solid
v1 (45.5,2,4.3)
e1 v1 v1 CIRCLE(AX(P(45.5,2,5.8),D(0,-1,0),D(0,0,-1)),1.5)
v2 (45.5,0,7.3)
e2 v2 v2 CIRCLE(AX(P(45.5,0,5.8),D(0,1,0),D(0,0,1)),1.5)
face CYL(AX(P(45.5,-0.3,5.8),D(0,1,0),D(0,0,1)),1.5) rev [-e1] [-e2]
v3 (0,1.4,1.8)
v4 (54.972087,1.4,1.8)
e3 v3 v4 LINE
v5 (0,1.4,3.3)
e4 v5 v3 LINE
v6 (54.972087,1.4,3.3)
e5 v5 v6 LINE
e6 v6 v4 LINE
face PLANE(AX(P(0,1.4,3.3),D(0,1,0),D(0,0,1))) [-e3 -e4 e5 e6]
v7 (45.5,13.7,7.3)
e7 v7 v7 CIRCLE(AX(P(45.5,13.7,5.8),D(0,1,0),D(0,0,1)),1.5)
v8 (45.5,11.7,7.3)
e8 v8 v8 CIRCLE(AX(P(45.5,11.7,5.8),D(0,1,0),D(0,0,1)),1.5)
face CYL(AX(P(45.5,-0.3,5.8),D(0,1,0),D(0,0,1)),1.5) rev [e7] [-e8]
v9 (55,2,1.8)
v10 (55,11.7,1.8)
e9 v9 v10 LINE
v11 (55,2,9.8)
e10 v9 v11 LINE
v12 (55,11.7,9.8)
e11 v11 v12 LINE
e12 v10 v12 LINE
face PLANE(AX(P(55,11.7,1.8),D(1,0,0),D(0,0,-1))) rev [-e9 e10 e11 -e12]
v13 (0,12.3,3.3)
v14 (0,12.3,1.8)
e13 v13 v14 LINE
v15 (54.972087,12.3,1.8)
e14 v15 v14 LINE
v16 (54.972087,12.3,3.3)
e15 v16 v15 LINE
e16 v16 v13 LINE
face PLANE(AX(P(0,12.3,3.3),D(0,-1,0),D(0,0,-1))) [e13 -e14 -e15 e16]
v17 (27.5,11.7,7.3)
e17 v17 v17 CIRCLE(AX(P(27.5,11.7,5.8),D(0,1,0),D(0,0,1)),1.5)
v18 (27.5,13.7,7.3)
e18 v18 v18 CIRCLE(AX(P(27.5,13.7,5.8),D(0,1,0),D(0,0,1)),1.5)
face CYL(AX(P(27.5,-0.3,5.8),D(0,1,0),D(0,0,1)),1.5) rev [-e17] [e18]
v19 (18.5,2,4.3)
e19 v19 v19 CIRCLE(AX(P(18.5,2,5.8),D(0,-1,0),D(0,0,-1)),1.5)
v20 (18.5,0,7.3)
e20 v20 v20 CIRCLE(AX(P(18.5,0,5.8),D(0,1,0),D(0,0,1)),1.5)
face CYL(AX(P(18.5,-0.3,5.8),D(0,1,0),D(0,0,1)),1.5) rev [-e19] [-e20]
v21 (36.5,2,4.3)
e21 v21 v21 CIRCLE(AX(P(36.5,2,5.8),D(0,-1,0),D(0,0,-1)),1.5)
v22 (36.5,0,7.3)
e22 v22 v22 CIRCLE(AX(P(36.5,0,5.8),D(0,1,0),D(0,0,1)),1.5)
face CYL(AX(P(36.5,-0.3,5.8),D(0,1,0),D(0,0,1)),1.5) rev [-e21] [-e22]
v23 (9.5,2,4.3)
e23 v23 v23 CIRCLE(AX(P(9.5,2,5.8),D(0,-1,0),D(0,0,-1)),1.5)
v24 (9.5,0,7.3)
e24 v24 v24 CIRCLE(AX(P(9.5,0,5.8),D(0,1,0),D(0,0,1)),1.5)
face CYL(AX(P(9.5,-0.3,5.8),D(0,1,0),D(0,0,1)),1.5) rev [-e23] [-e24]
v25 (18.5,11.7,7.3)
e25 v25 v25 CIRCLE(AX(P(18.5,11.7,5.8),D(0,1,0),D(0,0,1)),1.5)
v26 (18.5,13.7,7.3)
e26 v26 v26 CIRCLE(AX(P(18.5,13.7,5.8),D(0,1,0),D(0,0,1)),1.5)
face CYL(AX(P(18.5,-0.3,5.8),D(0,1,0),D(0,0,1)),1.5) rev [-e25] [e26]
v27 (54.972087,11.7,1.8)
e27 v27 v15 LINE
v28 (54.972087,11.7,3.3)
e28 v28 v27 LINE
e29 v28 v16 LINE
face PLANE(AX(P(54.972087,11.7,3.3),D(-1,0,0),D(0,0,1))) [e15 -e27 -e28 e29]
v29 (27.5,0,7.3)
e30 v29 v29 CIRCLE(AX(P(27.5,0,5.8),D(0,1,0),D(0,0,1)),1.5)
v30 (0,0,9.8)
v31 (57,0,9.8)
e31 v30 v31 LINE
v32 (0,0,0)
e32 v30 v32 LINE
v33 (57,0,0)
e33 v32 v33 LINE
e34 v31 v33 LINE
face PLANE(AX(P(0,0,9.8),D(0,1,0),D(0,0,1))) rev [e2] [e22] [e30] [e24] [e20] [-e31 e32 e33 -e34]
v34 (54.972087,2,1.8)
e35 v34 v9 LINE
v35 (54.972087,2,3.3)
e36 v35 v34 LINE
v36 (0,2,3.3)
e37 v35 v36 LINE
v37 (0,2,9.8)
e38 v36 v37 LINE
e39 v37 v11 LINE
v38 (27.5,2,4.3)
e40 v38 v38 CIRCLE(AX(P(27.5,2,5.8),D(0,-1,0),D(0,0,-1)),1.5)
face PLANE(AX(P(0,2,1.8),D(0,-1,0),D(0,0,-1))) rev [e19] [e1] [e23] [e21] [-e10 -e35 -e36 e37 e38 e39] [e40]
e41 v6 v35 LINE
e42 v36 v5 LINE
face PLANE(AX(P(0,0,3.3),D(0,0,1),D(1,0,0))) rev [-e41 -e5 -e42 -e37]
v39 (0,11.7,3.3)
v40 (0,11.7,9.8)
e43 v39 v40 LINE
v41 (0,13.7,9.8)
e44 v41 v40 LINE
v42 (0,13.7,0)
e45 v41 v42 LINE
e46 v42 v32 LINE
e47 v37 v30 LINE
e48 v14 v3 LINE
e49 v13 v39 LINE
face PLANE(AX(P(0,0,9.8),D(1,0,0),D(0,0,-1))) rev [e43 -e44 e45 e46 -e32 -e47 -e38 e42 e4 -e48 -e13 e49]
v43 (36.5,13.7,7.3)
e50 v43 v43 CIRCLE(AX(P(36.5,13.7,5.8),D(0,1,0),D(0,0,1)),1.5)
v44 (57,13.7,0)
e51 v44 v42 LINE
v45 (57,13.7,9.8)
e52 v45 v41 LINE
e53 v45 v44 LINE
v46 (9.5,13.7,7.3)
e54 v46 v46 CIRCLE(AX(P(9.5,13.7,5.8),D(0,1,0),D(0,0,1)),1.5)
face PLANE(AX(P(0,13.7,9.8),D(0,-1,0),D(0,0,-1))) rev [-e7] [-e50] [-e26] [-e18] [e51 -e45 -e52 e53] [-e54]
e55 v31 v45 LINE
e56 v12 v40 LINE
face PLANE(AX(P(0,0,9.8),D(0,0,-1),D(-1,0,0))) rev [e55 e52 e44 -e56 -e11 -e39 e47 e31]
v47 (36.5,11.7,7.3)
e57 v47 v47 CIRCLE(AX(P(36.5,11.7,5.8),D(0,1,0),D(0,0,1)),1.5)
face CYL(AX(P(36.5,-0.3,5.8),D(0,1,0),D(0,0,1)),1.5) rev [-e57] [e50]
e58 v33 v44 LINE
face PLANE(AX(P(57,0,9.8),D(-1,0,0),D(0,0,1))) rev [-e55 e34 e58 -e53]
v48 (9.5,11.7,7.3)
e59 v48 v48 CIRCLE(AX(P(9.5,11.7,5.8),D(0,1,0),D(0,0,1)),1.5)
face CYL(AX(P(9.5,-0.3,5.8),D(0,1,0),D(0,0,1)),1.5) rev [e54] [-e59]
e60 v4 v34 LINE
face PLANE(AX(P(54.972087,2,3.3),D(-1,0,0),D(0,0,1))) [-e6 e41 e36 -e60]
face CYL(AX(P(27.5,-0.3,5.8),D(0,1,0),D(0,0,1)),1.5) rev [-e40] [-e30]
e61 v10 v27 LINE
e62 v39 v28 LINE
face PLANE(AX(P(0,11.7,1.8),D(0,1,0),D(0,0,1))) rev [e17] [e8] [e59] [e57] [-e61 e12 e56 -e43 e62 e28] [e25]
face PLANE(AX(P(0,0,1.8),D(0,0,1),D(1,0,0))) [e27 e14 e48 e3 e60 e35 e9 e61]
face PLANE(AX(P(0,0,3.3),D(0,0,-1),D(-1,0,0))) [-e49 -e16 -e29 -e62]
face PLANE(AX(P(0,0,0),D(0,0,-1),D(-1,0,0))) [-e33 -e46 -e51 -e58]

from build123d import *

# Parameters (mm, degrees)
SKETCH_1_W          = 57
SKETCH_1_H          = 13.7
EXTRUDE_1_DEPTH     = 9.8
SKETCH_2_W          = 55
SKETCH_2_H          = 9.7
CUT_EXTRUDE_1_DEPTH = 8
SKETCH_3_W          = 54.972087022
SKETCH_3_H          = 0.6
CUT_EXTRUDE_2_DEPTH = 1.5
SKETCH_4_R          = 1.5
CUT_EXTRUDE_3_DEPTH = 14


with BuildPart() as part:
    # Эскиз1 → Бобышка-Вытянуть1 (new body)
    with BuildSketch(Plane.XY):
        with Locations((28.5, 6.85)):
            Rectangle(SKETCH_1_W, SKETCH_1_H)
    extrude(amount=EXTRUDE_1_DEPTH)

    # Эскиз2 → Вырез-Вытянуть1 (cut)
    with BuildSketch(Plane.XY.offset(9.8)):
        with Locations((27.5, 6.85)):
            Rectangle(SKETCH_2_W, SKETCH_2_H)
    extrude(amount=-CUT_EXTRUDE_1_DEPTH, mode=Mode.SUBTRACT)

    # Эскиз3 → Вырез-Вытянуть2 (cut)
    with BuildSketch(Plane.XY.offset(1.8)):
        with Locations((27.486043511, 12)):
            Rectangle(SKETCH_3_W, SKETCH_3_H)
        with Locations((27.486043511, 1.7)):
            Rectangle(SKETCH_3_W, SKETCH_3_H)
    extrude(amount=CUT_EXTRUDE_2_DEPTH, mode=Mode.SUBTRACT)

    # Эскиз4 → Вырез-Вытянуть3 (cut)
    with BuildSketch(Plane(origin=(0, 13.7, 0), x_dir=(1, 0, 0), z_dir=(0, 1, 0))):
        with Locations(Location((45.5, -5.8, 0), (0, 0, 270))):
            Circle(SKETCH_4_R)
        with Locations(Location((36.5, -5.8, 0), (0, 0, 270))):
            Circle(SKETCH_4_R)
        with Locations(Location((27.5, -5.8, 0), (0, 0, 270))):
            Circle(SKETCH_4_R)
        with Locations(Location((18.5, -5.8, 0), (0, 0, 270))):
            Circle(SKETCH_4_R)
        with Locations(Location((9.5, -5.8, 0), (0, 0, 270))):
            Circle(SKETCH_4_R)
    extrude(amount=-CUT_EXTRUDE_3_DEPTH, mode=Mode.SUBTRACT)


solid = part.part
